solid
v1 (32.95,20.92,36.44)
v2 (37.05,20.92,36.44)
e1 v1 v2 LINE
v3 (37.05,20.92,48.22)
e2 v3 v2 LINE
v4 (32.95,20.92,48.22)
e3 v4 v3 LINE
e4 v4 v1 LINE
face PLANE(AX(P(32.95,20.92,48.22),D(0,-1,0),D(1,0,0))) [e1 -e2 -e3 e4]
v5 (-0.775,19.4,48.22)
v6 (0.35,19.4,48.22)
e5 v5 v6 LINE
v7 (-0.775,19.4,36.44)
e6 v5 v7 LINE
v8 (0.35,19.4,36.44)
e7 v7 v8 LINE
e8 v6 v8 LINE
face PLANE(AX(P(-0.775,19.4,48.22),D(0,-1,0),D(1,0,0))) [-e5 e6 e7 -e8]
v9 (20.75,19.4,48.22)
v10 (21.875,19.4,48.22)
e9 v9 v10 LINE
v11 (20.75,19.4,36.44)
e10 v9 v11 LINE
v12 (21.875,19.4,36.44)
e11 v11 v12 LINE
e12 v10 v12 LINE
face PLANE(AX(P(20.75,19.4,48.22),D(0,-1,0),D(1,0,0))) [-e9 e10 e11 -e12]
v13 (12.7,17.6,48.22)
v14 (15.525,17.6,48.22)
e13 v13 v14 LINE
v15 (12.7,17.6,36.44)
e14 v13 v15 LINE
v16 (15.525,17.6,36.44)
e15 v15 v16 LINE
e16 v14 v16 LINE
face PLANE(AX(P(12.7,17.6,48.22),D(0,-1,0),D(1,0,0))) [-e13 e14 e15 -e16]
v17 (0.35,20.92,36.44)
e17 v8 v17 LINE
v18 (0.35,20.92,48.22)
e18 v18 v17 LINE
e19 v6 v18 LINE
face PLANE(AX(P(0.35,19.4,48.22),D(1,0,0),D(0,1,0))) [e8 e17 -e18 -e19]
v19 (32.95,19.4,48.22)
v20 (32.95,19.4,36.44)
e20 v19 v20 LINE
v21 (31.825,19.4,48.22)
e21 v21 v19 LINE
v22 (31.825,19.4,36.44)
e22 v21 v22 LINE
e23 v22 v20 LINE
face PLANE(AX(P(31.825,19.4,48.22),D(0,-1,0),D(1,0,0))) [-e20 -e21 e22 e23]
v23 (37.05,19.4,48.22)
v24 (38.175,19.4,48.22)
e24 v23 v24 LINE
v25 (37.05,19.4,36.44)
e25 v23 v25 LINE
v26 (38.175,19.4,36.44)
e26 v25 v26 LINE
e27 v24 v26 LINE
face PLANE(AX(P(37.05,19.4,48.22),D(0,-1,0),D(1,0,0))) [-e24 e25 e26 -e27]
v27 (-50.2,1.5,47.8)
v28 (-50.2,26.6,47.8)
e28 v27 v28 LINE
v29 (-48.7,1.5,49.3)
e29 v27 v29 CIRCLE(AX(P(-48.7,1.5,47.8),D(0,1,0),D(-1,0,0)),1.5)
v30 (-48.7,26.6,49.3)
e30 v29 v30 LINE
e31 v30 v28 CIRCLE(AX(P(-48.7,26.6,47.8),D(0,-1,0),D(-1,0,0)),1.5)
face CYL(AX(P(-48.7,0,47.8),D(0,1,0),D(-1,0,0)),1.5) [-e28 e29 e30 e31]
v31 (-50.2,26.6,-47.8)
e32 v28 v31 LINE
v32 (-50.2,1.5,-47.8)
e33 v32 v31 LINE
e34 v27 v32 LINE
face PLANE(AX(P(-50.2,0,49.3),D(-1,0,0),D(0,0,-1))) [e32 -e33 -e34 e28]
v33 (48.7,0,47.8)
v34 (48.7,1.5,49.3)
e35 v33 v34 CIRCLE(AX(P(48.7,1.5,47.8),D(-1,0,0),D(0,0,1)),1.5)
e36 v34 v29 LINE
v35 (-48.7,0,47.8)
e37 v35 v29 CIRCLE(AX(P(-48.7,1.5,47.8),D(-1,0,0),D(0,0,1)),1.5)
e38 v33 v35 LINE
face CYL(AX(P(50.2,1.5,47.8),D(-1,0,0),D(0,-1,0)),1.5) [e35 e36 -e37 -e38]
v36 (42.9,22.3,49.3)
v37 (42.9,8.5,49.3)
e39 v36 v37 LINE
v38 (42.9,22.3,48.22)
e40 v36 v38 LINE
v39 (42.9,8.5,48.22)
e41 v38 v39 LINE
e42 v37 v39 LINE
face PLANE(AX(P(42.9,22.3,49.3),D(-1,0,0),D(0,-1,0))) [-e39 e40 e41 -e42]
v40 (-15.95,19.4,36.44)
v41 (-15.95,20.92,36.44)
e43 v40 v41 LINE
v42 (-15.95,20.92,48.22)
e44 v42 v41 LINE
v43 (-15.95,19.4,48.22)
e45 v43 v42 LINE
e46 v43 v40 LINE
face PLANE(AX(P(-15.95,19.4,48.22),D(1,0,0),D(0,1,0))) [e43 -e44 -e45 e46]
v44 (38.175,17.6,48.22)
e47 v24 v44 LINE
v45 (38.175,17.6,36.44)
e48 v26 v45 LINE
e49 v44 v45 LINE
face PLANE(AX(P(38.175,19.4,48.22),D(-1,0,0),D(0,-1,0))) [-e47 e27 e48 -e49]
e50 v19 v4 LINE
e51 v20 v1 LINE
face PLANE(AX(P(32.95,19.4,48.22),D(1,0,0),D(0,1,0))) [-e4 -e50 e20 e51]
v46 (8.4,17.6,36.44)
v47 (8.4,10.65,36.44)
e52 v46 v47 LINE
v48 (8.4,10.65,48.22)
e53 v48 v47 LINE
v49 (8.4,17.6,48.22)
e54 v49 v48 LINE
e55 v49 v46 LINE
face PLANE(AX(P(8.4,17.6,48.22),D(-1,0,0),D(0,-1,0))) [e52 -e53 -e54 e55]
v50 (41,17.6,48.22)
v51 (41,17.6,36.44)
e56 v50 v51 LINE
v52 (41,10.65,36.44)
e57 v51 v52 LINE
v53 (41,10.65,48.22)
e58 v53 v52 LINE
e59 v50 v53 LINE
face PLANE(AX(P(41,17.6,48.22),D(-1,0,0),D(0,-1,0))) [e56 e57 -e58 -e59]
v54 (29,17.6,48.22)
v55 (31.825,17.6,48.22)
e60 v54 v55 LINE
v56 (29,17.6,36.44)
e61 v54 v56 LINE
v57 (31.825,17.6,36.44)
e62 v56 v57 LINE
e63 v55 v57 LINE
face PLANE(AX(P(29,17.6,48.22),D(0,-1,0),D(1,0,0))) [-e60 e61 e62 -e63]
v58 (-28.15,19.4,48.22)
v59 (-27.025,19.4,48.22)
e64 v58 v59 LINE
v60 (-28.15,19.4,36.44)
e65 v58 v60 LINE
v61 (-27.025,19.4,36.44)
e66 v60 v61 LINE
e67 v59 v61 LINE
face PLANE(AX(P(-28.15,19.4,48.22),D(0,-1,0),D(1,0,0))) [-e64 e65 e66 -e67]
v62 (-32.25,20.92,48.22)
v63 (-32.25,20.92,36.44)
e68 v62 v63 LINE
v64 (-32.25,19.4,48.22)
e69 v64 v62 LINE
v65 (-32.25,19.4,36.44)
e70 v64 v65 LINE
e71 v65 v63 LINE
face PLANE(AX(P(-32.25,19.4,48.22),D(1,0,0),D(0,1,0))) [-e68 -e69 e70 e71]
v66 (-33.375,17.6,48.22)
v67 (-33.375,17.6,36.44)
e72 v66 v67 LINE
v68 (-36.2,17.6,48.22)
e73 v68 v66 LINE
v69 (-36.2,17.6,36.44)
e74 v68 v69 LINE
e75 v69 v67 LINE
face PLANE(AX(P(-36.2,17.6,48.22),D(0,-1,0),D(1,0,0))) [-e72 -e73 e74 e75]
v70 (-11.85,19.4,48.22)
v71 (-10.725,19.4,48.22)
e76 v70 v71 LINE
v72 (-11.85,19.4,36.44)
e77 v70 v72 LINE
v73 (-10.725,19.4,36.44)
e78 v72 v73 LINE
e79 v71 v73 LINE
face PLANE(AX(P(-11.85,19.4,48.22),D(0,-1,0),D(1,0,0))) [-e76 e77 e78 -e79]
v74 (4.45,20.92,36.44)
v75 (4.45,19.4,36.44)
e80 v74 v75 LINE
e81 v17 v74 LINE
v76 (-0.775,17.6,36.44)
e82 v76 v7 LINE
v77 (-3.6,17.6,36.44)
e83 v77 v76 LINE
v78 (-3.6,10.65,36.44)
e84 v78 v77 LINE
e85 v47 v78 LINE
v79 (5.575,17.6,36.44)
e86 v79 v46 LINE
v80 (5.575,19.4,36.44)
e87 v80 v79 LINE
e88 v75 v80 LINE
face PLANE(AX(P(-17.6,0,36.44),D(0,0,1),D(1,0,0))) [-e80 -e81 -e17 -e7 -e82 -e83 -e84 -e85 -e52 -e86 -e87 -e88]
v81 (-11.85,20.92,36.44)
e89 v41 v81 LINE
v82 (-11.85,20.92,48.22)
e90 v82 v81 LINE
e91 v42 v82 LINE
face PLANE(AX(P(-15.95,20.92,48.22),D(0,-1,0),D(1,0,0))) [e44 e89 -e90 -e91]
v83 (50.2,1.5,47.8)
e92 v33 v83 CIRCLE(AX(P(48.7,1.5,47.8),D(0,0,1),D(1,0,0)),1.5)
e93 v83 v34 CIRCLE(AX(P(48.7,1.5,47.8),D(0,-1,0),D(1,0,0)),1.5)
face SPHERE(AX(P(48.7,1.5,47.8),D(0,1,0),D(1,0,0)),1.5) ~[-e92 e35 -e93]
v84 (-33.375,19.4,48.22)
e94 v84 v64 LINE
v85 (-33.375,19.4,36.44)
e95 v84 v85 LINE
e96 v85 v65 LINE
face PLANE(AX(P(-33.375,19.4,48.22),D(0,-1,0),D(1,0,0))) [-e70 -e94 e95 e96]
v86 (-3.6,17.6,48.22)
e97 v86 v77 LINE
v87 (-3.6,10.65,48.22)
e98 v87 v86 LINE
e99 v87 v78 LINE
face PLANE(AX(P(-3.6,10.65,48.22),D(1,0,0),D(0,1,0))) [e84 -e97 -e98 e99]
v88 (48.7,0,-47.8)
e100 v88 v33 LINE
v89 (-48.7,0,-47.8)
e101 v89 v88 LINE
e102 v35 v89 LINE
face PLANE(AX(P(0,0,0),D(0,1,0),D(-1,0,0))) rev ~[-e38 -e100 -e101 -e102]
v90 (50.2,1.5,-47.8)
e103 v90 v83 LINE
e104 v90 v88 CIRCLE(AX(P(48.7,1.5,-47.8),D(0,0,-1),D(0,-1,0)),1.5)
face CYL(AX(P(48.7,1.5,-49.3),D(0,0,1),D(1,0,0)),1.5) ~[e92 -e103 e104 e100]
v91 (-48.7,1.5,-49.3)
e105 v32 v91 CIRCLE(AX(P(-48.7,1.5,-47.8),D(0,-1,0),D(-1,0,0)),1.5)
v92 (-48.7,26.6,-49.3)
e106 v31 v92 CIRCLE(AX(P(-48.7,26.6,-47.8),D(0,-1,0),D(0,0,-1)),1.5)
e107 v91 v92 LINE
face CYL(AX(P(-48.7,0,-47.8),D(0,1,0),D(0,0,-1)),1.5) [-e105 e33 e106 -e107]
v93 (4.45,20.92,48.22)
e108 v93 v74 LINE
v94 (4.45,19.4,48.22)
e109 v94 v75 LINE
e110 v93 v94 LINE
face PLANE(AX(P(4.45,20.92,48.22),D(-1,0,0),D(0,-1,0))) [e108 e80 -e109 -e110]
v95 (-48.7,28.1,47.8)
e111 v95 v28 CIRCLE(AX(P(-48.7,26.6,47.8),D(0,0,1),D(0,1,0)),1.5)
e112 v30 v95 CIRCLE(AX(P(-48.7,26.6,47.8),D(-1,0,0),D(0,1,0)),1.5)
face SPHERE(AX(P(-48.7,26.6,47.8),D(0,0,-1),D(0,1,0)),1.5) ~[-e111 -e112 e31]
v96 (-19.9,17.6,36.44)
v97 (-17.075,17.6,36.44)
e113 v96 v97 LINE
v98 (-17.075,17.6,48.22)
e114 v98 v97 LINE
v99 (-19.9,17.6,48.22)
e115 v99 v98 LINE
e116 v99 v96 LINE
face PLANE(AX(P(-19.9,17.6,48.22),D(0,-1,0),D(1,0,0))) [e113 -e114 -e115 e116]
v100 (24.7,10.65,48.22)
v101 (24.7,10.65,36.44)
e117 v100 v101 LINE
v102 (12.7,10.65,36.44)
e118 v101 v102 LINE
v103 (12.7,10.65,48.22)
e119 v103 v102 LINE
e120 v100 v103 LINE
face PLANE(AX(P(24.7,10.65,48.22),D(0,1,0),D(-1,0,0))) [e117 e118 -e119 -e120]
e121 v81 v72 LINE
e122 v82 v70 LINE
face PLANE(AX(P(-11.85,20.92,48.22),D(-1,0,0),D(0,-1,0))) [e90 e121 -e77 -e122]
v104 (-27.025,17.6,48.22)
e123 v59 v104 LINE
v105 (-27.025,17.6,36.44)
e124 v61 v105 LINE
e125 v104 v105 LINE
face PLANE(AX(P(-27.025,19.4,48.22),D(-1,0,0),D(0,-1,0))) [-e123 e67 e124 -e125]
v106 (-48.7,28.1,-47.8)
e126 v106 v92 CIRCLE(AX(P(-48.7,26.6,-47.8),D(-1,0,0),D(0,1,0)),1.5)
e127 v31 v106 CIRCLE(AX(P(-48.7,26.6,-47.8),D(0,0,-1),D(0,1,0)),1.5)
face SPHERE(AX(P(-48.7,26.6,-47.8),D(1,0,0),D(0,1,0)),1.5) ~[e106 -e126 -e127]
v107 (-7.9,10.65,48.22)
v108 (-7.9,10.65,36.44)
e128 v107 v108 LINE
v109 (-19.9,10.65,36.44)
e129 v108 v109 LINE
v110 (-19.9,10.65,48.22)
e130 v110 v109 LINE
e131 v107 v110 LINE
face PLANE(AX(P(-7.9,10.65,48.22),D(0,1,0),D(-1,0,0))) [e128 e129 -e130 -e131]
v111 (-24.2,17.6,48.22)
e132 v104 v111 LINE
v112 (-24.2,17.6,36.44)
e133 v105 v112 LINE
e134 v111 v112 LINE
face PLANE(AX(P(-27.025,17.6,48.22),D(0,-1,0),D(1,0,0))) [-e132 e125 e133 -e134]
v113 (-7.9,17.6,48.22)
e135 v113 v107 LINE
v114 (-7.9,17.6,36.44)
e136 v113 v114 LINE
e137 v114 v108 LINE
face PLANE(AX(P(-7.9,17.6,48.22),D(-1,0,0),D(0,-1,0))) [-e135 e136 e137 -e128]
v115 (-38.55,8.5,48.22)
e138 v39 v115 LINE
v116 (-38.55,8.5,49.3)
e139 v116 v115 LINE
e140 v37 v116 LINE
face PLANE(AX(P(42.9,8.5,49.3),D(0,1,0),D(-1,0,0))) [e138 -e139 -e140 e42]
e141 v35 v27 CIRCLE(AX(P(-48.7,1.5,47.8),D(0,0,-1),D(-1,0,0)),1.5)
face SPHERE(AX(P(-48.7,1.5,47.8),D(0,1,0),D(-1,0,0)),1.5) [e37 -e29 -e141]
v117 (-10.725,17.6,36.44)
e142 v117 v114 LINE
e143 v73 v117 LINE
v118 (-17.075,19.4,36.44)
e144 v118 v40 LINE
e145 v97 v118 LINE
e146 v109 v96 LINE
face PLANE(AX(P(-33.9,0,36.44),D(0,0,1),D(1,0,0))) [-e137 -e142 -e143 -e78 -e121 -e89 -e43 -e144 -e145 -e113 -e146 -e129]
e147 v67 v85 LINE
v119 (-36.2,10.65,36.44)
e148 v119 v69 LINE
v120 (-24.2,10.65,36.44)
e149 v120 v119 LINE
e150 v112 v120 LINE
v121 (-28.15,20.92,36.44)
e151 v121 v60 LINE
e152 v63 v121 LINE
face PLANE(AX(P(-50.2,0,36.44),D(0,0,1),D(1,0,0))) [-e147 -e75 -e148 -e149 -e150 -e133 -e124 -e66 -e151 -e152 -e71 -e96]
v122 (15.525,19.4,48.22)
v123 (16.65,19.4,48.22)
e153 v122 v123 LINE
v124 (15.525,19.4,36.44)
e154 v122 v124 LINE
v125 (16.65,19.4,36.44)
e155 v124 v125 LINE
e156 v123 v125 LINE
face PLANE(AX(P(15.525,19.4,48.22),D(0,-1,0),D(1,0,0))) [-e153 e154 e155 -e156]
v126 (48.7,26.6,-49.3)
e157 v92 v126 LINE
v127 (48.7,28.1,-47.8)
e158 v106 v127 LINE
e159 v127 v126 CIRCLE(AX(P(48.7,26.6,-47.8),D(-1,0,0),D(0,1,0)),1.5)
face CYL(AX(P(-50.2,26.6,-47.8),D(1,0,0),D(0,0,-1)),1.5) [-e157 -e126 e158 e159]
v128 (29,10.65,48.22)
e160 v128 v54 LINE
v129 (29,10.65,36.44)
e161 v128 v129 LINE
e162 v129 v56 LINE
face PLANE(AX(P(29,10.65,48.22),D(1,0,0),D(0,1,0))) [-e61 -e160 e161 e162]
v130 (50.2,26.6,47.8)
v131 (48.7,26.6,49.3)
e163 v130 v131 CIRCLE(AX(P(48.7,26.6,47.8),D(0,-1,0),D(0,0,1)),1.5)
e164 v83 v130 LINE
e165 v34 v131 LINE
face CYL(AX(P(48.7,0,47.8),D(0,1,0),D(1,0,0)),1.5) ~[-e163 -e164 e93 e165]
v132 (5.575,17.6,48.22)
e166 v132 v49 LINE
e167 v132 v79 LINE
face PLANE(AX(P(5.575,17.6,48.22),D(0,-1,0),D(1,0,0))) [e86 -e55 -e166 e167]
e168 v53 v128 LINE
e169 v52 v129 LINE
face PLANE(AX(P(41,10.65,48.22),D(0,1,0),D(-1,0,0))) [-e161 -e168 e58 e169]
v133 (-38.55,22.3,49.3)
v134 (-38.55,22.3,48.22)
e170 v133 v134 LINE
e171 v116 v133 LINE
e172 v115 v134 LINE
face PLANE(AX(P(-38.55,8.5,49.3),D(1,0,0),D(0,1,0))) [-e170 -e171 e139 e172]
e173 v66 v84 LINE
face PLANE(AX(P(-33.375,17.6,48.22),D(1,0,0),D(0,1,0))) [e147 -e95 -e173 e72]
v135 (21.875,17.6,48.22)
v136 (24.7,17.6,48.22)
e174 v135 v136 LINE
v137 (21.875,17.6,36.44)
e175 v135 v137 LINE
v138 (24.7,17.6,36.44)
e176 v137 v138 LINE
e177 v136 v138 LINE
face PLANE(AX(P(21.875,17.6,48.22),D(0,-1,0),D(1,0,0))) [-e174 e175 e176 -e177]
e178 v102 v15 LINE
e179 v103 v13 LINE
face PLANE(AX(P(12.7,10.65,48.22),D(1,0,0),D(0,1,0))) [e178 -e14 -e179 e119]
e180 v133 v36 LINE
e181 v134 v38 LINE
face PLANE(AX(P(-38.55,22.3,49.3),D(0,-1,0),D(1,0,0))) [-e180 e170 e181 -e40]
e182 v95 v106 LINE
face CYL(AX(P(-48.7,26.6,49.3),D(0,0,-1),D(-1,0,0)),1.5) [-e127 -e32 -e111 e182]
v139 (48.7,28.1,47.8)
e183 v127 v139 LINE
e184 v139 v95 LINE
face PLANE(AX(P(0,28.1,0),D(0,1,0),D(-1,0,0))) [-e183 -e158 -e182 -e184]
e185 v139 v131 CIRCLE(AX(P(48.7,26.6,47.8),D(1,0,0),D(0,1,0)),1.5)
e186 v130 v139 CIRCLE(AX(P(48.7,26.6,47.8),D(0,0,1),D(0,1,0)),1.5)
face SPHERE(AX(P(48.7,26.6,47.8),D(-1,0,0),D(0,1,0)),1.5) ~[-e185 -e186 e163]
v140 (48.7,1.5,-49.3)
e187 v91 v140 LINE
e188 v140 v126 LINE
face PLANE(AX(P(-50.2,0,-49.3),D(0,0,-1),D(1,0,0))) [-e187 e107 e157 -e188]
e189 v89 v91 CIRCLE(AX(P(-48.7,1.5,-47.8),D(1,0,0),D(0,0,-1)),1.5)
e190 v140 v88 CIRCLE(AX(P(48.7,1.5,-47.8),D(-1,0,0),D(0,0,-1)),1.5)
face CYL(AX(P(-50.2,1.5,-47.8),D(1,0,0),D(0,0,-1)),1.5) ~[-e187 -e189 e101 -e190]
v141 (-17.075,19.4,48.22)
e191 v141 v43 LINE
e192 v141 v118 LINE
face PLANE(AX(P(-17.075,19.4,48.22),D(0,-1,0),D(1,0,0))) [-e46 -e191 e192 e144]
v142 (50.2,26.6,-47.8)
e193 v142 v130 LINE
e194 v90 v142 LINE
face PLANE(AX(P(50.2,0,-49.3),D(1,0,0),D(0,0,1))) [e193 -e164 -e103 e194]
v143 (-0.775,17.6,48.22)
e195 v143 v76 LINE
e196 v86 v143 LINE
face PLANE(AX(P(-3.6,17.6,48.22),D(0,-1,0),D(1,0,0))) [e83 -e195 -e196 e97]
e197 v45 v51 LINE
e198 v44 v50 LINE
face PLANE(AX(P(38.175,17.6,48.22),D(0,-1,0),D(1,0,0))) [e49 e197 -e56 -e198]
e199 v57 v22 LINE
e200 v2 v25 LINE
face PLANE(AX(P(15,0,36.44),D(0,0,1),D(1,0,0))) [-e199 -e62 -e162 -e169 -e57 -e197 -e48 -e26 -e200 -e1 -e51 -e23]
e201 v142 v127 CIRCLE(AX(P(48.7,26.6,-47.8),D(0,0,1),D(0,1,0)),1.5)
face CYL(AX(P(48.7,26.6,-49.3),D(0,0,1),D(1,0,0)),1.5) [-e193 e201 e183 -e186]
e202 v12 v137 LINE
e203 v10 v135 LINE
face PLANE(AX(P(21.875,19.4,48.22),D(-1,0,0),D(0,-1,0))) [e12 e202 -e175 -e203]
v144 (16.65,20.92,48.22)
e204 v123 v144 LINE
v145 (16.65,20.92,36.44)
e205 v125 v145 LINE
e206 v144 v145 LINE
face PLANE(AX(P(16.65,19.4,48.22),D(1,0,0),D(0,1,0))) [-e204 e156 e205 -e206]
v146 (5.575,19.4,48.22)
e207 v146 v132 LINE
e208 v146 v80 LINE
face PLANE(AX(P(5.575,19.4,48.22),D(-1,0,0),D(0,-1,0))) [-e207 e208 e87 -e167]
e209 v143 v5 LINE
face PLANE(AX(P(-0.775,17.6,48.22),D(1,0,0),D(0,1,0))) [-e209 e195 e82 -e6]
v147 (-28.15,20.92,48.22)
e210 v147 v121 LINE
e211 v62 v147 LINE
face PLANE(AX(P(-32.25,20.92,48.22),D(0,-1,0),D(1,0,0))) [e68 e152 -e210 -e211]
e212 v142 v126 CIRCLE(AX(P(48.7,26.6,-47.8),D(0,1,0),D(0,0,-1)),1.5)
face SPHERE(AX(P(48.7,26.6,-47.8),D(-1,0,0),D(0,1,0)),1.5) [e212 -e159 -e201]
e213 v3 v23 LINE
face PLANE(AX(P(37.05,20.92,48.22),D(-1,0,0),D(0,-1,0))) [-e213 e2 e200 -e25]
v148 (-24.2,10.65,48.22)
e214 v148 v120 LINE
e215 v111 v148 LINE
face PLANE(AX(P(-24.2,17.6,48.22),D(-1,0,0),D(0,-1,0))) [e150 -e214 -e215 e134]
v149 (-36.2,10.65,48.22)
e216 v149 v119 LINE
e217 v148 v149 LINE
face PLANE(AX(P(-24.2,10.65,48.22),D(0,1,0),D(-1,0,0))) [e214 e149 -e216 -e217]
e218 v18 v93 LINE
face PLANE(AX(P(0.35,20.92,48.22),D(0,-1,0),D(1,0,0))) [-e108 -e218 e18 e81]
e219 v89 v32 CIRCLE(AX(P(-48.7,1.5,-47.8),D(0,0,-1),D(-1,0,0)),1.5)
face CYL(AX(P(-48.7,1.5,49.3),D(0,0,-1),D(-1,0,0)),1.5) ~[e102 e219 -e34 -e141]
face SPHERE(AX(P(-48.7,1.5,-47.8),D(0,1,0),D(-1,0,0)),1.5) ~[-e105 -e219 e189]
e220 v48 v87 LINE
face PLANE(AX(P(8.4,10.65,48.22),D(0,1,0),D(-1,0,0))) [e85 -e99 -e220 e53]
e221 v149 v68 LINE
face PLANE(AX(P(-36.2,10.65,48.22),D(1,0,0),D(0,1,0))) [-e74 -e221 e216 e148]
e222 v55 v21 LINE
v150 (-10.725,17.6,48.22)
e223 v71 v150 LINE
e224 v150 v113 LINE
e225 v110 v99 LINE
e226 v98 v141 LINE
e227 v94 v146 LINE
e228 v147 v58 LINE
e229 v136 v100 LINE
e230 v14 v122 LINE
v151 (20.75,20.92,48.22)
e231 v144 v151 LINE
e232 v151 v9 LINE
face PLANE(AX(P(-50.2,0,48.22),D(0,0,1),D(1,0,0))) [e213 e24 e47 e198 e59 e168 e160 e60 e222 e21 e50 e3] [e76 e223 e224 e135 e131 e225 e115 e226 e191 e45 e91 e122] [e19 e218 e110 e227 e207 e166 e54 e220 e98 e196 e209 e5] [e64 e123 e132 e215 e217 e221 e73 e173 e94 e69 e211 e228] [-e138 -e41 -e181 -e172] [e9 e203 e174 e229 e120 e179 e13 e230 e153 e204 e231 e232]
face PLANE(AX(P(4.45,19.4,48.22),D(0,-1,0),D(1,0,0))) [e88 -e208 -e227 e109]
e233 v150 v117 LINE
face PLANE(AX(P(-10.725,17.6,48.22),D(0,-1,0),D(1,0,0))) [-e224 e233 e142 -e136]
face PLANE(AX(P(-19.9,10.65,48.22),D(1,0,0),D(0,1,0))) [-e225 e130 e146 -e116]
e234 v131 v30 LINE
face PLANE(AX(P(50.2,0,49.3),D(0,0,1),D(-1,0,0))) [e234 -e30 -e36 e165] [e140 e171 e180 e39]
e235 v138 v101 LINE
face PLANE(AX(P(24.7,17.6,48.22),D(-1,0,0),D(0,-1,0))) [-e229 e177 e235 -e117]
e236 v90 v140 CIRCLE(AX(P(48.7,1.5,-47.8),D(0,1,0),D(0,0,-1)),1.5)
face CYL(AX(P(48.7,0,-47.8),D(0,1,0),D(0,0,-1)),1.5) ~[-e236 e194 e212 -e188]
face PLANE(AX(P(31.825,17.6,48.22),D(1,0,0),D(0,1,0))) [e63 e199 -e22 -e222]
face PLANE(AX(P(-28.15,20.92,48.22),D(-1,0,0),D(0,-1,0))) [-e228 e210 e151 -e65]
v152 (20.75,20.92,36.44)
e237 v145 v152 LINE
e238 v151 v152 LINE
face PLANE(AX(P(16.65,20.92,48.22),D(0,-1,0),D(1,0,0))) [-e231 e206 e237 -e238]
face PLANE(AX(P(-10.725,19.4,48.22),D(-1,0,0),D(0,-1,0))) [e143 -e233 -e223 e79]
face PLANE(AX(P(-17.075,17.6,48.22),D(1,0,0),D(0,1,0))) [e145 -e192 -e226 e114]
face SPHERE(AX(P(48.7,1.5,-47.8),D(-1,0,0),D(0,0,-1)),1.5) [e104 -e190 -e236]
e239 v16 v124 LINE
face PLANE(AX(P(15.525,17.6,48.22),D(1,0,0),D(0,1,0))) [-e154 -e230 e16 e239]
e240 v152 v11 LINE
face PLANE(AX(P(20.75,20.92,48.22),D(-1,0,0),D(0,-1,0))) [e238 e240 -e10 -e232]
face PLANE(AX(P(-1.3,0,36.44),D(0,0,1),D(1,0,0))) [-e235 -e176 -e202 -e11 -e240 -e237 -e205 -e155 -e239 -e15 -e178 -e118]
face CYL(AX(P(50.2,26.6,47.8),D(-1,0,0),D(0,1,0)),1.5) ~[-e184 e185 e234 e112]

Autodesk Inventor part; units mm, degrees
ref_plane "YZ Plane" through (0, 0, 0) normal (1, 0, 0) x (0, 1, 0)
ref_plane "XZ Plane" through (0, 0, 0) normal (0, 1, 0) x (-1, 0, 0)
ref_plane "XY Plane" through (0, 0, 0) normal (0, 0, 1) x (1, 0, 0)
sketch "Sketch1" plane through (0, 0, 0) normal (0, 1, 0) x (-1, 0, 0)
  line L0 (50.2, -49.3) -> (-50.2, -49.3)
  line L1 (-50.2, -49.3) -> (-50.2, 49.3)
  line L2 (-50.2, 49.3) -> (50.2, 49.3)
  line L3 (50.2, 49.3) -> (50.2, -49.3)
  point P0 (0, 0)
  dimension "d0" = 100.4
  dimension "d1" = 98.6
  dimension "d2" = 49.3
  dimension "d3" = 50.2
extrude "Extrusion1" add sketch "Sketch1" along normal blind 28.1
sketch "Sketch2" plane through (-50.2, 0, 49.3) normal (0, 0, 1) x (1, 0, 0)
  line L0 (11.65, 22.3) -> (93.1, 22.3)
  line L1 (93.1, 22.3) -> (93.1, 8.5)
  line L2 (93.1, 8.5) -> (11.65, 8.5)
  line L3 (11.65, 8.5) -> (11.65, 22.3)
  line L4 (100.4, 0) -> (100.4, 28.1) projected
  line L5 (0, 0) -> (0, 28.1) projected
  line L6 (0, 28.1) -> (100.4, 28.1) projected
  line L7 (0, 0) -> (100.4, 0) projected
  point P0 (50.2, 0)
  point P1 (100.4, 14.05)
  dimension "d6" = 7.3
  dimension "d7" = 11.65
  dimension "d8" = 5.8
  dimension "d9" = 8.5
extrude "Extrusion2" cut sketch "Sketch2" against normal blind 1.08 contours L0 L1 L2 L3
sketch "Sketch3" plane through (-50.2, 0, 48.22) normal (0, 0, 1) x (1, 0, 0)
  line L0 (14, 17.6) -> (26, 17.6)
  line L1 (26, 17.6) -> (26, 10.65)
  line L2 (26, 10.65) -> (14, 10.65)
  line L3 (14, 10.65) -> (14, 17.6)
  line L4 (16.825, 19.4) -> (23.175, 19.4)
  line L5 (23.175, 19.4) -> (23.175, 17.6)
  line L6 (23.175, 17.6) -> (16.825, 17.6)
  line L7 (16.825, 17.6) -> (16.825, 19.4)
  line L8 (17.95, 20.92) -> (22.05, 20.92)
  line L9 (22.05, 20.92) -> (22.05, 19.4)
  line L10 (22.05, 19.4) -> (17.95, 19.4)
  line L11 (17.95, 19.4) -> (17.95, 20.92)
  line L12 (93.1, 8.5) -> (11.65, 8.5) projected
  line L13 (11.65, 8.5) -> (11.65, 22.3) projected
  point P0 (50.2, 0)
  point P1 (17.95, 19.4)
  dimension "d12" = 12
  dimension "d13" = 6.35
  dimension "d14" = 4.1
  dimension "d15" = 2.825
  dimension "d16" = 2.825
  dimension "d17" = 1.125
  dimension "d18" = 1.125
  dimension "d19" = 6.95
  dimension "d20" = 1.8
  dimension "d21" = 1.52
  dimension "d22" = 2.15
  dimension "d23" = 2.35
extrude "Extrusion3" cut sketch "Sketch3" against normal blind 11.78
pattern_linear "Rectangular Pattern1" count 5 spacing 16.3 along (1, 0, 0) of "Extrusion3"
fillet "Fillet1" radius 1.5 12 edges at (0, 28.1, -49.3) (-50.2, 28.1, 0) (0, 28.1, 49.3) (50.2, 28.1, 0) (50.2, 14.05, 49.3) (-50.2, 14.05, 49.3) (-50.2, 14.05, -49.3) (-50.2, 0, 0) (0, 0, -49.3) (50.2, 14.05, -49.3) (50.2, 0, 0) (0, 0, 49.3)
equation "\"d2\" = 0.5 * d1"
equation "\"d3\" = 0.5 * d0"
properties part number "5-port-switch"
